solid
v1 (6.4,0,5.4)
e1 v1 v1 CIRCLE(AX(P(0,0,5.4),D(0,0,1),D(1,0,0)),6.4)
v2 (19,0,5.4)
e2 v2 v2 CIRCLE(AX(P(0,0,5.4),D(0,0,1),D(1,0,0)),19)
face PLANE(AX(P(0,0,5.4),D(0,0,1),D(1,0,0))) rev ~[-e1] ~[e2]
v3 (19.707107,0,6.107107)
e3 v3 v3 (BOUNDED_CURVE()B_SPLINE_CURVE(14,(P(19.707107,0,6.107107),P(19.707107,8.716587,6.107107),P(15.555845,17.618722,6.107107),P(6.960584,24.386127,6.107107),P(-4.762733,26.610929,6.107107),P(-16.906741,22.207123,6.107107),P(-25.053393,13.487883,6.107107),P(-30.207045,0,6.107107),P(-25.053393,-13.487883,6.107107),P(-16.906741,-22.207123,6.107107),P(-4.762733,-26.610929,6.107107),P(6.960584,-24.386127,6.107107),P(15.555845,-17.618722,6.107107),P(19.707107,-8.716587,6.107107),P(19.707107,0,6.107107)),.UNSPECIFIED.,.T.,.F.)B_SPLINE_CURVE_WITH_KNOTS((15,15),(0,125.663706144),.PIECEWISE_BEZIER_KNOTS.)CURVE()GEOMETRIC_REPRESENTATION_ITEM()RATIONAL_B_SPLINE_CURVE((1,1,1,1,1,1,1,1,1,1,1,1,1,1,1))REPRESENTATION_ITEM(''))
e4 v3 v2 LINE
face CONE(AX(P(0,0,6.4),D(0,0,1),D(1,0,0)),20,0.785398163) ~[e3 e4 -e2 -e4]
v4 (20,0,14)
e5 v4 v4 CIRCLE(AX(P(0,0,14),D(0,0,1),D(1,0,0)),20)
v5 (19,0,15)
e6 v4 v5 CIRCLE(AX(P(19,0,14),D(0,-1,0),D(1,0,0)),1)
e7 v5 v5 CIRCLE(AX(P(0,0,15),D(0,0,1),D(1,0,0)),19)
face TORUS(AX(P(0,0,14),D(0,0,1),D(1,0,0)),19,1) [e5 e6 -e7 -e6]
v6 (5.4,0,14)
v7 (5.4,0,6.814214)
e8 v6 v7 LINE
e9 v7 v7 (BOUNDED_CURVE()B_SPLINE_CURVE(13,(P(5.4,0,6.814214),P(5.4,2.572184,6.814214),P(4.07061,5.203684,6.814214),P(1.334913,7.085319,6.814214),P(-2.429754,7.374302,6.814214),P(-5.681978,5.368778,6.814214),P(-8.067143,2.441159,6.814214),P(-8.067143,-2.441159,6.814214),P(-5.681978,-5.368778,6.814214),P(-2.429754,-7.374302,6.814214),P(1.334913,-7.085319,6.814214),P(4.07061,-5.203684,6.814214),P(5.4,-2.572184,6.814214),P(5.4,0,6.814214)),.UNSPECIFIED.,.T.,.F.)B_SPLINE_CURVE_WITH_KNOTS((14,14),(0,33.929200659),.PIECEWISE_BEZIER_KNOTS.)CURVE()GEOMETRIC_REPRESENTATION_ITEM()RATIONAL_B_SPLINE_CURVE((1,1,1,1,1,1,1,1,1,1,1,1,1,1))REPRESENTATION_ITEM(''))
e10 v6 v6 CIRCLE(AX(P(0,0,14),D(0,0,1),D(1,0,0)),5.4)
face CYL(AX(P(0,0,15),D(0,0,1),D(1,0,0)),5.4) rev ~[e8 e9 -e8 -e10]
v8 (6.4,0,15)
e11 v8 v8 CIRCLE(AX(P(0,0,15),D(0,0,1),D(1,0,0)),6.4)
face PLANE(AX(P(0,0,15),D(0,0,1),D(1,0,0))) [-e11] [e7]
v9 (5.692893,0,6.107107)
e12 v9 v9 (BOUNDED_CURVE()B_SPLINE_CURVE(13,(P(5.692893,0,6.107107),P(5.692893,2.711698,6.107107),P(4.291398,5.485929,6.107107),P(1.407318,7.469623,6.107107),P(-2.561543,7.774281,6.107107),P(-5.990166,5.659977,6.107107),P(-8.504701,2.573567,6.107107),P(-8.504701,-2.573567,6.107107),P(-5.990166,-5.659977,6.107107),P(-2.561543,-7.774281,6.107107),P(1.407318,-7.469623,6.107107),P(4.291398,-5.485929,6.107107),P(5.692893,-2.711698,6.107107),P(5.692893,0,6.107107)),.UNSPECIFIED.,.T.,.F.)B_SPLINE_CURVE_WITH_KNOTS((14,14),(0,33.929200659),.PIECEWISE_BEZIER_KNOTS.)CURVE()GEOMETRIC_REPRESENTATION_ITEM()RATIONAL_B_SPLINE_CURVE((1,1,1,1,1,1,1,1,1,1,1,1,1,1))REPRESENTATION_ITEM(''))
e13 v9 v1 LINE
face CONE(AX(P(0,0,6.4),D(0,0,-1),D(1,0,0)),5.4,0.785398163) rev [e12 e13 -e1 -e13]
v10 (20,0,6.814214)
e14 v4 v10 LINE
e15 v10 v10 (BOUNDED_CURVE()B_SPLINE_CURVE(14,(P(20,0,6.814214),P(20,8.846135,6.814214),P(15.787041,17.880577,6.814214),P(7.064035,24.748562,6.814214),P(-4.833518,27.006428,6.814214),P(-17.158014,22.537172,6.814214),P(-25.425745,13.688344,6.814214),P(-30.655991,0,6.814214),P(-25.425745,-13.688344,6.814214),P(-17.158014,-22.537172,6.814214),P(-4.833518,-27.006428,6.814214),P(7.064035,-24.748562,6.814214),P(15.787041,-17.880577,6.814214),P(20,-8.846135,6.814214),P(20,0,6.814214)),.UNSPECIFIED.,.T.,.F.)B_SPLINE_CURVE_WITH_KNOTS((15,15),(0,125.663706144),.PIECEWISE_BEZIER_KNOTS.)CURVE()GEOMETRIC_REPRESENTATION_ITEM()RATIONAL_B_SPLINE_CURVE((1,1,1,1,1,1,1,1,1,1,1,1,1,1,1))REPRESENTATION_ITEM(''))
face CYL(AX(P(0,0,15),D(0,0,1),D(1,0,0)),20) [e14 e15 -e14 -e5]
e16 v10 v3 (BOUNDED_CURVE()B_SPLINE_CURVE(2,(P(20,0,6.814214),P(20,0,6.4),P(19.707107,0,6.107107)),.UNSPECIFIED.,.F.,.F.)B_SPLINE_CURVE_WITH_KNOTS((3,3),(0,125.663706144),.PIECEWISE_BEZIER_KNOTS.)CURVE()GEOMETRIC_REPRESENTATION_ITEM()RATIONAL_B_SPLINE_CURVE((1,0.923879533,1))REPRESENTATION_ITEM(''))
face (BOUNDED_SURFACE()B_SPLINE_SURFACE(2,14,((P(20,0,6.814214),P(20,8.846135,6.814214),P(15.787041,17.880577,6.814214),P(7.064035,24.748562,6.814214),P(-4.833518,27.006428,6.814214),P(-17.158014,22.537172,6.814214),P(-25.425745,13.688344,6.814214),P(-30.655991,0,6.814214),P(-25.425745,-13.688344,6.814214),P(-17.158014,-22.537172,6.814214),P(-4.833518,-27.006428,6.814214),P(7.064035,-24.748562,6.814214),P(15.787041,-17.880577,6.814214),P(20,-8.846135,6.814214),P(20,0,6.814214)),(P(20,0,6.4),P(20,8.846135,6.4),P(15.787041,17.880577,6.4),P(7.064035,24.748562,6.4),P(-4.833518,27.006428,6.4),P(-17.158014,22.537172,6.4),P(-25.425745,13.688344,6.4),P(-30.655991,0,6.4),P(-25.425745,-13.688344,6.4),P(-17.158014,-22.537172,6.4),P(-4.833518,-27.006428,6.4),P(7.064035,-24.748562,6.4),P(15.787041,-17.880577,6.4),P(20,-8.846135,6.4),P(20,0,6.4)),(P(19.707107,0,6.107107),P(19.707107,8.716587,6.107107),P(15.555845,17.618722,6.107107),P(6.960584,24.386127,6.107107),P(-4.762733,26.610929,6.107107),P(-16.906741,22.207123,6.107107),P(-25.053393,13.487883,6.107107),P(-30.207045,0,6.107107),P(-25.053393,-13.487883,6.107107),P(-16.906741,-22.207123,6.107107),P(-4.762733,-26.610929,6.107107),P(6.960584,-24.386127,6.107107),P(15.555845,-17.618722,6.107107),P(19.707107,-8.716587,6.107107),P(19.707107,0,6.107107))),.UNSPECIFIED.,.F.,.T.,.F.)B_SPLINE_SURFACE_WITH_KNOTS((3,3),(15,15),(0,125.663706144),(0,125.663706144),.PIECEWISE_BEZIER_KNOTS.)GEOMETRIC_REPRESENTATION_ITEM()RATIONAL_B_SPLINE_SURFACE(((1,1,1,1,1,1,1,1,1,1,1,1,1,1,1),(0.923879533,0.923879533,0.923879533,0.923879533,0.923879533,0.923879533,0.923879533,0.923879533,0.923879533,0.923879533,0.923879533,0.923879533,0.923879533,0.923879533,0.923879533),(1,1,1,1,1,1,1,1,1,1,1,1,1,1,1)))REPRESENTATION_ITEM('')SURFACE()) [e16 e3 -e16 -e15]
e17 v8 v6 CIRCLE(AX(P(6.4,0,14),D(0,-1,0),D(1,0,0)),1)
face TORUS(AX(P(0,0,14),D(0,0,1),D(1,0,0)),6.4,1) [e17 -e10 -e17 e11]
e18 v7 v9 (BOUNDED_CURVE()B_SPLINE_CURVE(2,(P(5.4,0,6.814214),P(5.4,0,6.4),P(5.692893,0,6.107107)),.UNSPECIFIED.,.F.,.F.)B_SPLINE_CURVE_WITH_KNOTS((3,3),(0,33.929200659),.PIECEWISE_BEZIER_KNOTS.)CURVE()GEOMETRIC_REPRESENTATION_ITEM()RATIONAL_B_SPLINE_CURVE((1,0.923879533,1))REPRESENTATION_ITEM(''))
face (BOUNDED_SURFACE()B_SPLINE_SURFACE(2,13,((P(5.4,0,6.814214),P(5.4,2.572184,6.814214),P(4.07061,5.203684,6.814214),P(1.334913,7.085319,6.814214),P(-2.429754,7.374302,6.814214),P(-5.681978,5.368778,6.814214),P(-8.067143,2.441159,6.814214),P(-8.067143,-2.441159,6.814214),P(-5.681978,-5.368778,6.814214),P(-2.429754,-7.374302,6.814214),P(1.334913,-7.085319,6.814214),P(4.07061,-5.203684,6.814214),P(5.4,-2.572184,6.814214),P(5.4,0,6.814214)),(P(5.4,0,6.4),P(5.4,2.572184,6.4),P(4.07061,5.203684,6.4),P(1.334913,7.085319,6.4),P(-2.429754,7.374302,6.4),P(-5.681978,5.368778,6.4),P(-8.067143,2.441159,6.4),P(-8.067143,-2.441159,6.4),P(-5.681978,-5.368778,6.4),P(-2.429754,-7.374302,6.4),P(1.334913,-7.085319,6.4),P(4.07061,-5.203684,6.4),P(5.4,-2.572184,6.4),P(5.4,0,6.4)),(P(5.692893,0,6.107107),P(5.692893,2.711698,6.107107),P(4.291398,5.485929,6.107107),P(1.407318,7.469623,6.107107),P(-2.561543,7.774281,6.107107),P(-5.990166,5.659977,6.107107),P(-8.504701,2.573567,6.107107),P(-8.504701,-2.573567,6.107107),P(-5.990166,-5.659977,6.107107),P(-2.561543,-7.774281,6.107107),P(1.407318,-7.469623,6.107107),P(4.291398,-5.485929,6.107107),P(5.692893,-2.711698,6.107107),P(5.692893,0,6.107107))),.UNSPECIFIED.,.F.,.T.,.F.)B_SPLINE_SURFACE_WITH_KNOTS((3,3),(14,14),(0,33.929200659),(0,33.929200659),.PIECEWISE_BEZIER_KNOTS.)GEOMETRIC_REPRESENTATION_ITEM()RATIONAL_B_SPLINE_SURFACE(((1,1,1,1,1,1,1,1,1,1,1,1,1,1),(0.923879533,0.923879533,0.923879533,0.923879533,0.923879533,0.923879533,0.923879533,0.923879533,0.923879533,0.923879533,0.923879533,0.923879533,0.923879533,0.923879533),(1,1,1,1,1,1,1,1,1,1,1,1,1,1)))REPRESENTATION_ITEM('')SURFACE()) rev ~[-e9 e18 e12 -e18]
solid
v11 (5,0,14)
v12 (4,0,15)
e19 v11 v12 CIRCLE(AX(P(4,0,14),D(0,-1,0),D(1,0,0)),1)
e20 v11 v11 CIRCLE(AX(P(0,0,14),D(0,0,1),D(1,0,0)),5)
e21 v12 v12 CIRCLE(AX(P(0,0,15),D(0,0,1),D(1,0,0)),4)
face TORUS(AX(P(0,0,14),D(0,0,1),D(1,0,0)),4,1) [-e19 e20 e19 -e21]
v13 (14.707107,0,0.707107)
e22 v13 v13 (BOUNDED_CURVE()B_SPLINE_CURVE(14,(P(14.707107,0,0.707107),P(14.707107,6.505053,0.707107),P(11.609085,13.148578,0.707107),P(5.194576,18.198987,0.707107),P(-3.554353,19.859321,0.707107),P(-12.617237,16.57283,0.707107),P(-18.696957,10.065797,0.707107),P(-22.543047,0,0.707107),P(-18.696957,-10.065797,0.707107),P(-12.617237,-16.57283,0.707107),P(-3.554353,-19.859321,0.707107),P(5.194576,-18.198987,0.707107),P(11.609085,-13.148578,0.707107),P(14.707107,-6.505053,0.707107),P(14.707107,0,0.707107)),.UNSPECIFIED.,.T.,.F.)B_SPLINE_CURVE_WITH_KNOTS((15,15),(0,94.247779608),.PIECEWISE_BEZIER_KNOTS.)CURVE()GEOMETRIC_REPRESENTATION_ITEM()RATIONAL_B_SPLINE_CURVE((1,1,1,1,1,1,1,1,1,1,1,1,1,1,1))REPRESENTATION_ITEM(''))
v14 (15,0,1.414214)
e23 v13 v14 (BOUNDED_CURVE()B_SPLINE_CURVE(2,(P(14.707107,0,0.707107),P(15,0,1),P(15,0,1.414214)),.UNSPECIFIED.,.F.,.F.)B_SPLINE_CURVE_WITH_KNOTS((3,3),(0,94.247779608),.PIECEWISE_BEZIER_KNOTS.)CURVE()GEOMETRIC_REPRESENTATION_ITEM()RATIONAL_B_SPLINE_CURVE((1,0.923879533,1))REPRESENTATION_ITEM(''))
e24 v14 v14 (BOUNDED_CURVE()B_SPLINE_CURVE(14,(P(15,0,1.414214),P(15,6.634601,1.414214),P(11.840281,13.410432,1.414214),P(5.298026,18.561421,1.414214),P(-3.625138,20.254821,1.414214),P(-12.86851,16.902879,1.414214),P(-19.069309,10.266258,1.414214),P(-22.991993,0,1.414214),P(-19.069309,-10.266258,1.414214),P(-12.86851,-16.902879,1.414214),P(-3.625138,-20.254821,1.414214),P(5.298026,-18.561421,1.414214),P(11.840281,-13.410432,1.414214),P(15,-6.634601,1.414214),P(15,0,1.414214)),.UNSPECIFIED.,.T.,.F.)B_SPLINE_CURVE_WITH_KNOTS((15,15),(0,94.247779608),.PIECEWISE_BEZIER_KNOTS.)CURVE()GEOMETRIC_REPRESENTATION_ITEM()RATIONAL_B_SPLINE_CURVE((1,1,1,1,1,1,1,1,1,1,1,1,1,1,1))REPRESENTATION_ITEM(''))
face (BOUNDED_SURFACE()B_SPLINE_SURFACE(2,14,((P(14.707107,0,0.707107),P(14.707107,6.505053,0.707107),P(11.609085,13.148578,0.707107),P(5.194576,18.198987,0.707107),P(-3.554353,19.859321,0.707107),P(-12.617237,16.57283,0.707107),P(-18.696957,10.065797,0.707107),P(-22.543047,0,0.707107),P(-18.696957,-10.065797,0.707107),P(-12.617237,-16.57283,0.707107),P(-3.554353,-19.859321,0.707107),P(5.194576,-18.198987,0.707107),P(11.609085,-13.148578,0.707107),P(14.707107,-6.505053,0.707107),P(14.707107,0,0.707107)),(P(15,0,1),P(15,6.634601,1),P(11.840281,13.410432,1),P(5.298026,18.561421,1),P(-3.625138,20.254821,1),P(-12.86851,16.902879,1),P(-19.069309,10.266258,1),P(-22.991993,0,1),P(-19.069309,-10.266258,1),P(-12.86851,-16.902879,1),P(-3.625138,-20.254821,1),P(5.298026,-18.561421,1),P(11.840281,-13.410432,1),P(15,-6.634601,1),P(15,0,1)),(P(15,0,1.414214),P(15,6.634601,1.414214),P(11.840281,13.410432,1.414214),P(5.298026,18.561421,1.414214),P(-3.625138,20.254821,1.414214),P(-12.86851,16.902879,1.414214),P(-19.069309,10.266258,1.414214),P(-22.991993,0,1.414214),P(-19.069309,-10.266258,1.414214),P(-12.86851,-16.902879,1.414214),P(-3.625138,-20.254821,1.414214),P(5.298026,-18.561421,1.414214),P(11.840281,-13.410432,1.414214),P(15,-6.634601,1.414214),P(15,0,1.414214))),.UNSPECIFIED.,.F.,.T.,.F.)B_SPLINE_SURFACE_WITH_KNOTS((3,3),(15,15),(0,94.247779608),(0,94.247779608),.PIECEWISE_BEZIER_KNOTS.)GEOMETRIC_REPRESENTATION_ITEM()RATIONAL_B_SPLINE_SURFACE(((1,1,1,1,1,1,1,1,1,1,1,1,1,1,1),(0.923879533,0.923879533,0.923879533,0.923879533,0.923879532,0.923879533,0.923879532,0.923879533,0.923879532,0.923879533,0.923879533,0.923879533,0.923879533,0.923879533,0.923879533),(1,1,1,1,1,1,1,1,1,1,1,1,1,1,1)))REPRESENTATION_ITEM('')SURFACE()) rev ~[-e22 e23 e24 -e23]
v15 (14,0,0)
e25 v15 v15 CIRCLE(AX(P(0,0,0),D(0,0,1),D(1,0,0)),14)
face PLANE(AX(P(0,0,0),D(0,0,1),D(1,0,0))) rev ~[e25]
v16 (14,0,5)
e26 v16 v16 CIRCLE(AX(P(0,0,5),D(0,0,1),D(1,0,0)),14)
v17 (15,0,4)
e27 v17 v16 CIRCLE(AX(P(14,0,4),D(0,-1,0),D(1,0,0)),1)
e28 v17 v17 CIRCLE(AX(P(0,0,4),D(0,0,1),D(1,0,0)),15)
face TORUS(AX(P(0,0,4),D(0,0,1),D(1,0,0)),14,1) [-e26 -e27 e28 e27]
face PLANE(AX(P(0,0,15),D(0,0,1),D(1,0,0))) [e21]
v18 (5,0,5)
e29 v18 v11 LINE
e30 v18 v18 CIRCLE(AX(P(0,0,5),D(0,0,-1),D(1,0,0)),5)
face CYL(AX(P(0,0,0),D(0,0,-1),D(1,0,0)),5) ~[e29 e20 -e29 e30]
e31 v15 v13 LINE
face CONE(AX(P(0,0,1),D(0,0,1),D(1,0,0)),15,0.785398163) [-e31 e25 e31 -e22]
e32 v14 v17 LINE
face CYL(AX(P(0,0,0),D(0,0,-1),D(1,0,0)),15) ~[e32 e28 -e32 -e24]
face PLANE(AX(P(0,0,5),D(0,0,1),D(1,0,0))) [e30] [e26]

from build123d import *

# Parameters (mm, degrees)
F1_R     = 15
F1_R_2   = 5
F2_DEPTH = 5
F3_DEPTH = 15
F4_R     = 20
F4_R_2   = 5.4
F5_DEPTH = 9.6
F6_SIZE  = 1
F7_R     = 1
F8_SIZE  = 1
F9_R     = 1


with BuildPart() as f2:
    # F1 (on Top) → F2 (new body)
    with BuildSketch(Plane.XY):
        Circle(F1_R)
        Circle(F1_R_2, mode=Mode.SUBTRACT)
        Circle(F1_R_2)
    extrude(amount=F2_DEPTH)

    # F1 (on Top) → F3 (join)
    with BuildSketch(Plane.XY):
        Circle(F1_R_2)
    extrude(amount=F3_DEPTH)

    # F8
    f8_edges = [f2.edges().sort_by_distance(p)[0] for p in [
        (-15, 0, 0),
    ]]
    chamfer(f8_edges, length=F8_SIZE)

    # F9
    f9_edges = [f2.edges().sort_by_distance(p)[0] for p in [
        (15, 0, 3),
        (-15, 0, 1),
        (-15, 0, 5),
        (-5, 0, 15),
    ]]
    fillet(f9_edges, radius=F9_R)


with BuildPart() as f5:
    # F4 (on face) → F5 (new body)
    with BuildSketch(Plane.XY.offset(15)):
        Circle(F4_R)
        Circle(F4_R_2, mode=Mode.SUBTRACT)
    extrude(amount=-F5_DEPTH)

    # F6
    f6_edges = [f5.edges().sort_by_distance(p)[0] for p in [
        (-20, 0, 5.4),
        (-5.4, 0, 5.4),
    ]]
    chamfer(f6_edges, length=F6_SIZE)

    # F7
    f7_edges = [f5.edges().sort_by_distance(p)[0] for p in [
        (20, 0, 10.7),
        (-20, 0, 6.4),
        (-20, 0, 15),
        (5.4, 0, 10.7),
        (-5.4, 0, 6.4),
        (-5.4, 0, 15),
    ]]
    fillet(f7_edges, radius=F7_R)


solid = Compound([f2.part, f5.part])
